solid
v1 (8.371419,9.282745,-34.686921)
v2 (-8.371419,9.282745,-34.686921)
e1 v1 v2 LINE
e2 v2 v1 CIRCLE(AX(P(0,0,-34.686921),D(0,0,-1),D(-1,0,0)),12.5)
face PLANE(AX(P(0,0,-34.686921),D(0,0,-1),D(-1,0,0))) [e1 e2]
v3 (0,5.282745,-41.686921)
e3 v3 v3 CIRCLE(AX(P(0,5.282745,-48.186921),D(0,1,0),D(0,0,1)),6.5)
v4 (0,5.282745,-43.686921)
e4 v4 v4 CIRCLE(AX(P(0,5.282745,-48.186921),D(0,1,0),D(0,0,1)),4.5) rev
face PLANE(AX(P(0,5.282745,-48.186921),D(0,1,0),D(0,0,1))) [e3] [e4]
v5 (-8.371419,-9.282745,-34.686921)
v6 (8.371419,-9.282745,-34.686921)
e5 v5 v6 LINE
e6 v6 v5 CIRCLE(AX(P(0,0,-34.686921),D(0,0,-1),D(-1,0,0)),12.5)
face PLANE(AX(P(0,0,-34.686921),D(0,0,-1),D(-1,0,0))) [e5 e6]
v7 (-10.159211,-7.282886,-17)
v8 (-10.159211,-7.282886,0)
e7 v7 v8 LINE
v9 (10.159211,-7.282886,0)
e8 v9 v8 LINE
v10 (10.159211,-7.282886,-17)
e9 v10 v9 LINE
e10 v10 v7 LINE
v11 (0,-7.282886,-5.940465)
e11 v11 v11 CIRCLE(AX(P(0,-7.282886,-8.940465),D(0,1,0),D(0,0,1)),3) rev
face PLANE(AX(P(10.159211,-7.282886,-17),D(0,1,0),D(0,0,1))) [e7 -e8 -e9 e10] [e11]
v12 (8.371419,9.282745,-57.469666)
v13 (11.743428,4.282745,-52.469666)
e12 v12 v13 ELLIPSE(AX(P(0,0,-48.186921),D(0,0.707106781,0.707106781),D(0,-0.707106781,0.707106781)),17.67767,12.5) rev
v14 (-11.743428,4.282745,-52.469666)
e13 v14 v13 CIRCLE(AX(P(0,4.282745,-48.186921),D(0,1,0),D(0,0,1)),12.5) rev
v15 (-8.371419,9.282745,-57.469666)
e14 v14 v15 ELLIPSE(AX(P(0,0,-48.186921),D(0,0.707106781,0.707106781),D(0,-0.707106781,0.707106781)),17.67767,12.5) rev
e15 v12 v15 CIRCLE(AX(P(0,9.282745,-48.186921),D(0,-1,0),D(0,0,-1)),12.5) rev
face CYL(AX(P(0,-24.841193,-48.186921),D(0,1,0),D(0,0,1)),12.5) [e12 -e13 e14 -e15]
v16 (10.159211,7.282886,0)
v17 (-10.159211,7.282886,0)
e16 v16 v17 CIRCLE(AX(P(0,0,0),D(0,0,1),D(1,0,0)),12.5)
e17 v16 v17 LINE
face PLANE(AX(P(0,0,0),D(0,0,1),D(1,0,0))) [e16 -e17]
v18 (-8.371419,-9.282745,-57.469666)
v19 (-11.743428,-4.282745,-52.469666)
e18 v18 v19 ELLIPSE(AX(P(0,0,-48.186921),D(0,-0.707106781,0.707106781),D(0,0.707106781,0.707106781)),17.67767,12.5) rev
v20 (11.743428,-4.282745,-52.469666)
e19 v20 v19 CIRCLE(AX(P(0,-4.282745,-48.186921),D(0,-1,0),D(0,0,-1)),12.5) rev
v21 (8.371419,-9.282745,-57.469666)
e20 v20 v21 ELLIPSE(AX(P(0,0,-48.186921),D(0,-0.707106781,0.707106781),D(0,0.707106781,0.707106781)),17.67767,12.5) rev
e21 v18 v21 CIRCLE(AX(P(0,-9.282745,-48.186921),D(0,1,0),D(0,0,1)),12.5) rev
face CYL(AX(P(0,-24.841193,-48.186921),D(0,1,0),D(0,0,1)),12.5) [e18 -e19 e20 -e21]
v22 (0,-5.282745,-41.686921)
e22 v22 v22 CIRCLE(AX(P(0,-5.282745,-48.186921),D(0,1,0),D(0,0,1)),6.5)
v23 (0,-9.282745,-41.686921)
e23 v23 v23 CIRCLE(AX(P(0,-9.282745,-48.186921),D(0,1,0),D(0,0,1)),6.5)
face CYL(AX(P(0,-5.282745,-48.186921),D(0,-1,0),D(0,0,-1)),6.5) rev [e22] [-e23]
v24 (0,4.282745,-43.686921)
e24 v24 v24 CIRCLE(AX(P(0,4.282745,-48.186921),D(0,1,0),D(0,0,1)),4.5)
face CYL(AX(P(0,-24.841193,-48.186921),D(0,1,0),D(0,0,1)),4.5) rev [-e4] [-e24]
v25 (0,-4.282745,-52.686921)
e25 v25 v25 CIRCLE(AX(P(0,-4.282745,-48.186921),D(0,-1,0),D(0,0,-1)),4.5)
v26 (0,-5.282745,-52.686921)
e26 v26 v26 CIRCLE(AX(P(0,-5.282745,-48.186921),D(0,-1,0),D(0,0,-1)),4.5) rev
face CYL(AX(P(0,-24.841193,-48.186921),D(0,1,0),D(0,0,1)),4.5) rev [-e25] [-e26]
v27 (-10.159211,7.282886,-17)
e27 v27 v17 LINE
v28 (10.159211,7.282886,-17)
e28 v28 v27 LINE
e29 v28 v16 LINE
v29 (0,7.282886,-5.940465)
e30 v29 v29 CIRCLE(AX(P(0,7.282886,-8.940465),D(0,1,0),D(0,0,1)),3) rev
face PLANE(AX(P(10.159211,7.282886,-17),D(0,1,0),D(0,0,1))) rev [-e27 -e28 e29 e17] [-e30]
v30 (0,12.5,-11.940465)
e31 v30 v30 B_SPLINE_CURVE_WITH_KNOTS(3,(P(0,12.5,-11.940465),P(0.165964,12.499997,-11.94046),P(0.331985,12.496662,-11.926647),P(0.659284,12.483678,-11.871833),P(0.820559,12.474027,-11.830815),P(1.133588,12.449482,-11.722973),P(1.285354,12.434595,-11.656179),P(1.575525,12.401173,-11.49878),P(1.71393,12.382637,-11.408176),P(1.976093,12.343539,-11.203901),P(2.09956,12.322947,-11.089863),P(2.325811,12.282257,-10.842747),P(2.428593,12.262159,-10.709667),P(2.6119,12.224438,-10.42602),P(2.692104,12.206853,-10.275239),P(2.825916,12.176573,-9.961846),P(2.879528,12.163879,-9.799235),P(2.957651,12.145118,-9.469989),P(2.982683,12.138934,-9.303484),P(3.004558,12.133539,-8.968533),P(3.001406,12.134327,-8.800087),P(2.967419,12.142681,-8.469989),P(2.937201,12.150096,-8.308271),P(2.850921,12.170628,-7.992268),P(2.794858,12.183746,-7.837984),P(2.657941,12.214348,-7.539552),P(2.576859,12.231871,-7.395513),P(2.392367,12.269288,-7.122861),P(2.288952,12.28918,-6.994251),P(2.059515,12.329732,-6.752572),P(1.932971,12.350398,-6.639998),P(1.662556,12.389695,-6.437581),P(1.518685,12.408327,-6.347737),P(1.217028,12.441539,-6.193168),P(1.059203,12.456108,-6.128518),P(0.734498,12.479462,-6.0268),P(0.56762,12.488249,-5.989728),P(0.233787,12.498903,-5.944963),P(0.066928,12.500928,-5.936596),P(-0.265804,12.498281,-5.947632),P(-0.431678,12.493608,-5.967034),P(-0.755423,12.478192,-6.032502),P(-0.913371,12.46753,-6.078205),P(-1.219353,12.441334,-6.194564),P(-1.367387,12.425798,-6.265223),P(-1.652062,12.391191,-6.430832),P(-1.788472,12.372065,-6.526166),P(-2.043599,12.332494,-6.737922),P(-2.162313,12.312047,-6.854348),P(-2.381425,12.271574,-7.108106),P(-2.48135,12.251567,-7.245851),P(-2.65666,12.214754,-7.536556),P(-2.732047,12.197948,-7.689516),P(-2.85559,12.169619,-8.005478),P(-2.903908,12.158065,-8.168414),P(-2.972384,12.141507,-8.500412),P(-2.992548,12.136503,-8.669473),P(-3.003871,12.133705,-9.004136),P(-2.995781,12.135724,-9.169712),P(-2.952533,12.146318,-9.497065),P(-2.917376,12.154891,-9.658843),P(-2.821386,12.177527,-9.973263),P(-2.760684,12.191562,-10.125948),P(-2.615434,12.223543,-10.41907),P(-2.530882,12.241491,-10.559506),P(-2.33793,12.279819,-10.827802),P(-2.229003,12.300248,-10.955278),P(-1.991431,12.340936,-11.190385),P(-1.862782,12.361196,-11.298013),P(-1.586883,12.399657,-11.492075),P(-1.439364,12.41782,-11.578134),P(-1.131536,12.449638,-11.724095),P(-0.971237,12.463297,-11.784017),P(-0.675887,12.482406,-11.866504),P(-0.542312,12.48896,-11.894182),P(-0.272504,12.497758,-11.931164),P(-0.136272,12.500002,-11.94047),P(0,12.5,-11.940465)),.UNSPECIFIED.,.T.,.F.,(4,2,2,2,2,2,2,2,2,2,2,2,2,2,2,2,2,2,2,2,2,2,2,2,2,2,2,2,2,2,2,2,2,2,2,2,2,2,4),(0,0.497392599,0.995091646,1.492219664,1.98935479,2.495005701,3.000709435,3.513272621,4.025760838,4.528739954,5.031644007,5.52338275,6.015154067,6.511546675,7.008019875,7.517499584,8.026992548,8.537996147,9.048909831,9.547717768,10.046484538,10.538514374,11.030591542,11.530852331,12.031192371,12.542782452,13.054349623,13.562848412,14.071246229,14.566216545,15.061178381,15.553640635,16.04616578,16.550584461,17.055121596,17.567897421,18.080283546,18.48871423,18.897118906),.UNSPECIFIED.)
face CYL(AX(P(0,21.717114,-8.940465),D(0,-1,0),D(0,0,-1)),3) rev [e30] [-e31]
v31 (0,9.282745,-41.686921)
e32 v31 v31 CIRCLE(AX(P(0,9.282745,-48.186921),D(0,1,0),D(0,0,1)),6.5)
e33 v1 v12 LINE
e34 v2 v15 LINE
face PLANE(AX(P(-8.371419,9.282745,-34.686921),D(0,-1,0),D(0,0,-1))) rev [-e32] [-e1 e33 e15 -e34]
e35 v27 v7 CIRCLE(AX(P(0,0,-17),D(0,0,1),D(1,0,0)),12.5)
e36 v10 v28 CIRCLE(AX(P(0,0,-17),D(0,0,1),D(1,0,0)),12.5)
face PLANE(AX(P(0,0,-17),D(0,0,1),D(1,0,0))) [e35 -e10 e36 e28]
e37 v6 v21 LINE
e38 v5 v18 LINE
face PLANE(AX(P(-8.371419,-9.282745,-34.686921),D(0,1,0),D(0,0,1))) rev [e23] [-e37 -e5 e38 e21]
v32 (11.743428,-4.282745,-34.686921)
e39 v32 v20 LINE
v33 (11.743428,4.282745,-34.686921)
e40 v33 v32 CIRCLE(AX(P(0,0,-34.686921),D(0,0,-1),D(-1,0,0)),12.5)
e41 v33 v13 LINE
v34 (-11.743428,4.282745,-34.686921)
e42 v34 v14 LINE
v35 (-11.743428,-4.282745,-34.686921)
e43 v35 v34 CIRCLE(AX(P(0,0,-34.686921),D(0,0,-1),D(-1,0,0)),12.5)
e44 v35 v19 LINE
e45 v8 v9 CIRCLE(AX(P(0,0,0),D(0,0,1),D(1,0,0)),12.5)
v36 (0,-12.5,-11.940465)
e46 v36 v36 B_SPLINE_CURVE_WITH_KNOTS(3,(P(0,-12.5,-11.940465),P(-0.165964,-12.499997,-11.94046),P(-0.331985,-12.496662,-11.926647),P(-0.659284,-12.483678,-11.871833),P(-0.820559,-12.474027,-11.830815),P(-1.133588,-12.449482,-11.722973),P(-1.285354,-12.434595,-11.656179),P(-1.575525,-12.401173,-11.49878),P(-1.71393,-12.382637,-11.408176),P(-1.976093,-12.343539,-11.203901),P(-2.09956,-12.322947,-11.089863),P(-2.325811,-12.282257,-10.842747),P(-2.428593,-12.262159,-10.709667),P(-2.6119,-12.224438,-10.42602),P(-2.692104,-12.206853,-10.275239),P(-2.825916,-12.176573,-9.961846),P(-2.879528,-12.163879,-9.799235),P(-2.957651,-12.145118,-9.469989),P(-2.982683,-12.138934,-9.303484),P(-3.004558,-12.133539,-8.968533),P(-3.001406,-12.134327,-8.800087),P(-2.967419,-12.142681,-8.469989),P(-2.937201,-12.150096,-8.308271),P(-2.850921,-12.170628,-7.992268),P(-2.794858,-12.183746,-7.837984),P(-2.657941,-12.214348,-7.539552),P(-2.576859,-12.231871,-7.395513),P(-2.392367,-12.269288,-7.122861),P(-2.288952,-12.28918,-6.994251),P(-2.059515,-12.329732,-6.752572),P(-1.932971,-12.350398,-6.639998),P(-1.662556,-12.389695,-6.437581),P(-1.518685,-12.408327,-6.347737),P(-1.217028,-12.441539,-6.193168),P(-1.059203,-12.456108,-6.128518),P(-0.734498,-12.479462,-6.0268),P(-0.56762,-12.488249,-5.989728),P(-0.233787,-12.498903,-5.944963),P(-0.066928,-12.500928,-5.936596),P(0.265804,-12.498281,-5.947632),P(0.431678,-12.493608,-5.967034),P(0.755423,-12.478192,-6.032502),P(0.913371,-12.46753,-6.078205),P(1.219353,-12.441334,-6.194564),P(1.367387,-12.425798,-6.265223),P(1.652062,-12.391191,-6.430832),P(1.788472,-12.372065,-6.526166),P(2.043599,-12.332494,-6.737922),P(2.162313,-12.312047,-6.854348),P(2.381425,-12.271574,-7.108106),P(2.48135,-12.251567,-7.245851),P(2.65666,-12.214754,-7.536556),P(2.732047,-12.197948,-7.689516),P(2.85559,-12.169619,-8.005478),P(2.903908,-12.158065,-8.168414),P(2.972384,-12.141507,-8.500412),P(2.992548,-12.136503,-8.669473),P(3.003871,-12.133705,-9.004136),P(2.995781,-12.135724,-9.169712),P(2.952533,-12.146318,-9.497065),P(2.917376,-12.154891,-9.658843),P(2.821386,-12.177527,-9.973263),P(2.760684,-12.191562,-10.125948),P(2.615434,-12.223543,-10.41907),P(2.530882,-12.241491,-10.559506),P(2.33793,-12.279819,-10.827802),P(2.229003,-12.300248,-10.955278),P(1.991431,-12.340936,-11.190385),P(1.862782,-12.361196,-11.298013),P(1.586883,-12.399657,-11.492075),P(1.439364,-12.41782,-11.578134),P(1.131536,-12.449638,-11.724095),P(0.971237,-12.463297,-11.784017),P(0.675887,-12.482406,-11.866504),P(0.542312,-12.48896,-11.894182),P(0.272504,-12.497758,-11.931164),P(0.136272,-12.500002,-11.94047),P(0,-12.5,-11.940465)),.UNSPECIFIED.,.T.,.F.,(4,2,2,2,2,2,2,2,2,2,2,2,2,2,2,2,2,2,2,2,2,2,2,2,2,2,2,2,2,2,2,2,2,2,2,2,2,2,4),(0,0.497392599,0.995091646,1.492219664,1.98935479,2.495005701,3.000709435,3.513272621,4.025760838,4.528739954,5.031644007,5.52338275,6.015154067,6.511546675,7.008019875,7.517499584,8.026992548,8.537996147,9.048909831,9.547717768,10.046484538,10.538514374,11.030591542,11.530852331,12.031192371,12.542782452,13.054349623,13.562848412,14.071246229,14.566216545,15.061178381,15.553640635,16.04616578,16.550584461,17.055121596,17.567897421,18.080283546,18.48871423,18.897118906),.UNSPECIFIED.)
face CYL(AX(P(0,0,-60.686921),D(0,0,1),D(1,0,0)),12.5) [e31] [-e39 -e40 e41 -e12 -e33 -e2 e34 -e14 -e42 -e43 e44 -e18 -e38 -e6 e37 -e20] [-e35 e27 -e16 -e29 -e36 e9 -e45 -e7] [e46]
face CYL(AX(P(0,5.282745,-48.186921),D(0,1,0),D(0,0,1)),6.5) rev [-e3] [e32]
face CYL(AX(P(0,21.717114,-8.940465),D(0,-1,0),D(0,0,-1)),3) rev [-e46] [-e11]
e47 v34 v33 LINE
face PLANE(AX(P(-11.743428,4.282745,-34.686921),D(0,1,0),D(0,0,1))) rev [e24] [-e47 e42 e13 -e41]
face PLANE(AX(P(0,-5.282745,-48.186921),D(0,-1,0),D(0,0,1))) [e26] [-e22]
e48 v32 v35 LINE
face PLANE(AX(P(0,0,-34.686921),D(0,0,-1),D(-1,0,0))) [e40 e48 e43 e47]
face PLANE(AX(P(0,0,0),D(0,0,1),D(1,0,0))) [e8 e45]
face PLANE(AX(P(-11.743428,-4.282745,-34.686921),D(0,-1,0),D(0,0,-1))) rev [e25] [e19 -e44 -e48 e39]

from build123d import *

# Parameters (mm, degrees)
SKETCH_1_R               = 12.5
EXTRUDE_1_DEPTH          = 60.686921397
CUT_EXTRUDE_START        = -26
CUT_EXTRUDE_1_DEPTH      = 26
SKETCH_3_R               = 4.5
CUT_EXTRUDE_2_DEPTH      = 34.123937734
SKETCH_6_R               = 6.5
CUT_EXTRUDE_5_DEPTH      = 4
CUT_EXTRUDE_6_DEPTH      = 17
CUT_EXTRUDE_7_DEPTH      = 29
CUT_EXTRUDE_7_DEPTH_BACK = 17
SKETCH_9_R               = 3


with BuildPart() as part:
    # 스케치1 → 보스-돌출1 (new body)
    with BuildSketch(Plane.XY):
        Circle(SKETCH_1_R)
    extrude(amount=-EXTRUDE_1_DEPTH)

    # 스케치2 → 컷-돌출1 (cut)
    with BuildSketch(Plane(origin=(0, 0, -60.686921397), x_dir=(-1, 0, 0), z_dir=(0, 0, -1)).offset(CUT_EXTRUDE_START)):
        with BuildLine():
            Line((8.371418841, 9.282744561), (-8.371418841, 9.282744561))
            ThreePointArc((-8.371418841, 9.282744561), (0, 12.5), (8.371418841, 9.282744561))
        make_face()
        with BuildLine():
            Line((11.743427908, 4.282744561), (-11.743427908, 4.282744561))
            ThreePointArc((-11.743427908, 4.282744561), (-12.5, 0), (-11.743427908, -4.282744561))
            Line((-11.743427908, -4.282744561), (11.743427908, -4.282744561))
            ThreePointArc((11.743427908, -4.282744561), (12.5, 0), (11.743427908, 4.282744561))
        make_face()
        with BuildLine():
            Line((8.371418841, -9.282744561), (-8.371418841, -9.282744561))
            ThreePointArc((-8.371418841, -9.282744561), (0, -12.5), (8.371418841, -9.282744561))
        make_face()
    extrude(amount=CUT_EXTRUDE_1_DEPTH, mode=Mode.SUBTRACT)

    # 스케치3 → 컷-돌출2 (cut)
    with BuildSketch(Plane(origin=(0, 9.282744561, 0), x_dir=(1, 0, 0), z_dir=(0, 1, 0))):
        with Locations(Location((0, 48.186921397, 0), (0, 0, 270))):
            Circle(SKETCH_3_R)
        with BuildLine():
            Line((-22.5, 48.186921397), (-12.5, 48.186921397))
            ThreePointArc((-12.5, 48.186921397), (0, 60.686921397), (12.5, 48.186921397))
            Line((12.5, 48.186921397), (22.5, 48.186921397))
            ThreePointArc((22.5, 48.186921397), (0, 70.686921397), (-22.5, 48.186921397))
        make_face()
    extrude(amount=-CUT_EXTRUDE_2_DEPTH, mode=Mode.SUBTRACT)

    # 스케치6 → 컷-돌출5 (cut)
    with BuildSketch(Plane(origin=(0, 9.282744561, 0), x_dir=(1, 0, 0), z_dir=(0, 1, 0))):
        with Locations(Location((0, 48.186921397, 0), (0, 0, 270))):
            Circle(SKETCH_6_R)
    cut_extrude_5 = extrude(amount=-CUT_EXTRUDE_5_DEPTH, mode=Mode.SUBTRACT)

    # 대칭 복사3: 컷-돌출5 across plane
    add(cut_extrude_5.mirror(Plane.ZX), mode=Mode.SUBTRACT)

    # 스케치8 → 컷-돌출6 (cut)
    with BuildSketch(Plane.XY):
        with BuildLine():
            Line((10.159210883, 7.282886395), (-10.159210883, 7.282886395))
            ThreePointArc((-10.159210883, 7.282886395), (-12.5, 0), (-10.159210883, -7.282886395))
            Line((-10.159210883, -7.282886395), (10.159210883, -7.282886395))
            ThreePointArc((10.159210883, -7.282886395), (12.5, 0), (10.159210883, 7.282886395))
        make_face()
    extrude(amount=-CUT_EXTRUDE_6_DEPTH, mode=Mode.SUBTRACT)

    # 스케치9 → 컷-돌출7 (cut, two sides: drawn at the far end of the back side and taken through both)
    with BuildSketch(Plane(origin=(0, -7.282886395, 0), x_dir=(1, 0, 0), z_dir=(0, 1, 0)).offset(-CUT_EXTRUDE_7_DEPTH_BACK)):
        with Locations(Location((0, 8.940465454, 0), (0, 0, 90))):
            Circle(SKETCH_9_R)
    extrude(amount=CUT_EXTRUDE_7_DEPTH + CUT_EXTRUDE_7_DEPTH_BACK, mode=Mode.SUBTRACT)


solid = part.part
